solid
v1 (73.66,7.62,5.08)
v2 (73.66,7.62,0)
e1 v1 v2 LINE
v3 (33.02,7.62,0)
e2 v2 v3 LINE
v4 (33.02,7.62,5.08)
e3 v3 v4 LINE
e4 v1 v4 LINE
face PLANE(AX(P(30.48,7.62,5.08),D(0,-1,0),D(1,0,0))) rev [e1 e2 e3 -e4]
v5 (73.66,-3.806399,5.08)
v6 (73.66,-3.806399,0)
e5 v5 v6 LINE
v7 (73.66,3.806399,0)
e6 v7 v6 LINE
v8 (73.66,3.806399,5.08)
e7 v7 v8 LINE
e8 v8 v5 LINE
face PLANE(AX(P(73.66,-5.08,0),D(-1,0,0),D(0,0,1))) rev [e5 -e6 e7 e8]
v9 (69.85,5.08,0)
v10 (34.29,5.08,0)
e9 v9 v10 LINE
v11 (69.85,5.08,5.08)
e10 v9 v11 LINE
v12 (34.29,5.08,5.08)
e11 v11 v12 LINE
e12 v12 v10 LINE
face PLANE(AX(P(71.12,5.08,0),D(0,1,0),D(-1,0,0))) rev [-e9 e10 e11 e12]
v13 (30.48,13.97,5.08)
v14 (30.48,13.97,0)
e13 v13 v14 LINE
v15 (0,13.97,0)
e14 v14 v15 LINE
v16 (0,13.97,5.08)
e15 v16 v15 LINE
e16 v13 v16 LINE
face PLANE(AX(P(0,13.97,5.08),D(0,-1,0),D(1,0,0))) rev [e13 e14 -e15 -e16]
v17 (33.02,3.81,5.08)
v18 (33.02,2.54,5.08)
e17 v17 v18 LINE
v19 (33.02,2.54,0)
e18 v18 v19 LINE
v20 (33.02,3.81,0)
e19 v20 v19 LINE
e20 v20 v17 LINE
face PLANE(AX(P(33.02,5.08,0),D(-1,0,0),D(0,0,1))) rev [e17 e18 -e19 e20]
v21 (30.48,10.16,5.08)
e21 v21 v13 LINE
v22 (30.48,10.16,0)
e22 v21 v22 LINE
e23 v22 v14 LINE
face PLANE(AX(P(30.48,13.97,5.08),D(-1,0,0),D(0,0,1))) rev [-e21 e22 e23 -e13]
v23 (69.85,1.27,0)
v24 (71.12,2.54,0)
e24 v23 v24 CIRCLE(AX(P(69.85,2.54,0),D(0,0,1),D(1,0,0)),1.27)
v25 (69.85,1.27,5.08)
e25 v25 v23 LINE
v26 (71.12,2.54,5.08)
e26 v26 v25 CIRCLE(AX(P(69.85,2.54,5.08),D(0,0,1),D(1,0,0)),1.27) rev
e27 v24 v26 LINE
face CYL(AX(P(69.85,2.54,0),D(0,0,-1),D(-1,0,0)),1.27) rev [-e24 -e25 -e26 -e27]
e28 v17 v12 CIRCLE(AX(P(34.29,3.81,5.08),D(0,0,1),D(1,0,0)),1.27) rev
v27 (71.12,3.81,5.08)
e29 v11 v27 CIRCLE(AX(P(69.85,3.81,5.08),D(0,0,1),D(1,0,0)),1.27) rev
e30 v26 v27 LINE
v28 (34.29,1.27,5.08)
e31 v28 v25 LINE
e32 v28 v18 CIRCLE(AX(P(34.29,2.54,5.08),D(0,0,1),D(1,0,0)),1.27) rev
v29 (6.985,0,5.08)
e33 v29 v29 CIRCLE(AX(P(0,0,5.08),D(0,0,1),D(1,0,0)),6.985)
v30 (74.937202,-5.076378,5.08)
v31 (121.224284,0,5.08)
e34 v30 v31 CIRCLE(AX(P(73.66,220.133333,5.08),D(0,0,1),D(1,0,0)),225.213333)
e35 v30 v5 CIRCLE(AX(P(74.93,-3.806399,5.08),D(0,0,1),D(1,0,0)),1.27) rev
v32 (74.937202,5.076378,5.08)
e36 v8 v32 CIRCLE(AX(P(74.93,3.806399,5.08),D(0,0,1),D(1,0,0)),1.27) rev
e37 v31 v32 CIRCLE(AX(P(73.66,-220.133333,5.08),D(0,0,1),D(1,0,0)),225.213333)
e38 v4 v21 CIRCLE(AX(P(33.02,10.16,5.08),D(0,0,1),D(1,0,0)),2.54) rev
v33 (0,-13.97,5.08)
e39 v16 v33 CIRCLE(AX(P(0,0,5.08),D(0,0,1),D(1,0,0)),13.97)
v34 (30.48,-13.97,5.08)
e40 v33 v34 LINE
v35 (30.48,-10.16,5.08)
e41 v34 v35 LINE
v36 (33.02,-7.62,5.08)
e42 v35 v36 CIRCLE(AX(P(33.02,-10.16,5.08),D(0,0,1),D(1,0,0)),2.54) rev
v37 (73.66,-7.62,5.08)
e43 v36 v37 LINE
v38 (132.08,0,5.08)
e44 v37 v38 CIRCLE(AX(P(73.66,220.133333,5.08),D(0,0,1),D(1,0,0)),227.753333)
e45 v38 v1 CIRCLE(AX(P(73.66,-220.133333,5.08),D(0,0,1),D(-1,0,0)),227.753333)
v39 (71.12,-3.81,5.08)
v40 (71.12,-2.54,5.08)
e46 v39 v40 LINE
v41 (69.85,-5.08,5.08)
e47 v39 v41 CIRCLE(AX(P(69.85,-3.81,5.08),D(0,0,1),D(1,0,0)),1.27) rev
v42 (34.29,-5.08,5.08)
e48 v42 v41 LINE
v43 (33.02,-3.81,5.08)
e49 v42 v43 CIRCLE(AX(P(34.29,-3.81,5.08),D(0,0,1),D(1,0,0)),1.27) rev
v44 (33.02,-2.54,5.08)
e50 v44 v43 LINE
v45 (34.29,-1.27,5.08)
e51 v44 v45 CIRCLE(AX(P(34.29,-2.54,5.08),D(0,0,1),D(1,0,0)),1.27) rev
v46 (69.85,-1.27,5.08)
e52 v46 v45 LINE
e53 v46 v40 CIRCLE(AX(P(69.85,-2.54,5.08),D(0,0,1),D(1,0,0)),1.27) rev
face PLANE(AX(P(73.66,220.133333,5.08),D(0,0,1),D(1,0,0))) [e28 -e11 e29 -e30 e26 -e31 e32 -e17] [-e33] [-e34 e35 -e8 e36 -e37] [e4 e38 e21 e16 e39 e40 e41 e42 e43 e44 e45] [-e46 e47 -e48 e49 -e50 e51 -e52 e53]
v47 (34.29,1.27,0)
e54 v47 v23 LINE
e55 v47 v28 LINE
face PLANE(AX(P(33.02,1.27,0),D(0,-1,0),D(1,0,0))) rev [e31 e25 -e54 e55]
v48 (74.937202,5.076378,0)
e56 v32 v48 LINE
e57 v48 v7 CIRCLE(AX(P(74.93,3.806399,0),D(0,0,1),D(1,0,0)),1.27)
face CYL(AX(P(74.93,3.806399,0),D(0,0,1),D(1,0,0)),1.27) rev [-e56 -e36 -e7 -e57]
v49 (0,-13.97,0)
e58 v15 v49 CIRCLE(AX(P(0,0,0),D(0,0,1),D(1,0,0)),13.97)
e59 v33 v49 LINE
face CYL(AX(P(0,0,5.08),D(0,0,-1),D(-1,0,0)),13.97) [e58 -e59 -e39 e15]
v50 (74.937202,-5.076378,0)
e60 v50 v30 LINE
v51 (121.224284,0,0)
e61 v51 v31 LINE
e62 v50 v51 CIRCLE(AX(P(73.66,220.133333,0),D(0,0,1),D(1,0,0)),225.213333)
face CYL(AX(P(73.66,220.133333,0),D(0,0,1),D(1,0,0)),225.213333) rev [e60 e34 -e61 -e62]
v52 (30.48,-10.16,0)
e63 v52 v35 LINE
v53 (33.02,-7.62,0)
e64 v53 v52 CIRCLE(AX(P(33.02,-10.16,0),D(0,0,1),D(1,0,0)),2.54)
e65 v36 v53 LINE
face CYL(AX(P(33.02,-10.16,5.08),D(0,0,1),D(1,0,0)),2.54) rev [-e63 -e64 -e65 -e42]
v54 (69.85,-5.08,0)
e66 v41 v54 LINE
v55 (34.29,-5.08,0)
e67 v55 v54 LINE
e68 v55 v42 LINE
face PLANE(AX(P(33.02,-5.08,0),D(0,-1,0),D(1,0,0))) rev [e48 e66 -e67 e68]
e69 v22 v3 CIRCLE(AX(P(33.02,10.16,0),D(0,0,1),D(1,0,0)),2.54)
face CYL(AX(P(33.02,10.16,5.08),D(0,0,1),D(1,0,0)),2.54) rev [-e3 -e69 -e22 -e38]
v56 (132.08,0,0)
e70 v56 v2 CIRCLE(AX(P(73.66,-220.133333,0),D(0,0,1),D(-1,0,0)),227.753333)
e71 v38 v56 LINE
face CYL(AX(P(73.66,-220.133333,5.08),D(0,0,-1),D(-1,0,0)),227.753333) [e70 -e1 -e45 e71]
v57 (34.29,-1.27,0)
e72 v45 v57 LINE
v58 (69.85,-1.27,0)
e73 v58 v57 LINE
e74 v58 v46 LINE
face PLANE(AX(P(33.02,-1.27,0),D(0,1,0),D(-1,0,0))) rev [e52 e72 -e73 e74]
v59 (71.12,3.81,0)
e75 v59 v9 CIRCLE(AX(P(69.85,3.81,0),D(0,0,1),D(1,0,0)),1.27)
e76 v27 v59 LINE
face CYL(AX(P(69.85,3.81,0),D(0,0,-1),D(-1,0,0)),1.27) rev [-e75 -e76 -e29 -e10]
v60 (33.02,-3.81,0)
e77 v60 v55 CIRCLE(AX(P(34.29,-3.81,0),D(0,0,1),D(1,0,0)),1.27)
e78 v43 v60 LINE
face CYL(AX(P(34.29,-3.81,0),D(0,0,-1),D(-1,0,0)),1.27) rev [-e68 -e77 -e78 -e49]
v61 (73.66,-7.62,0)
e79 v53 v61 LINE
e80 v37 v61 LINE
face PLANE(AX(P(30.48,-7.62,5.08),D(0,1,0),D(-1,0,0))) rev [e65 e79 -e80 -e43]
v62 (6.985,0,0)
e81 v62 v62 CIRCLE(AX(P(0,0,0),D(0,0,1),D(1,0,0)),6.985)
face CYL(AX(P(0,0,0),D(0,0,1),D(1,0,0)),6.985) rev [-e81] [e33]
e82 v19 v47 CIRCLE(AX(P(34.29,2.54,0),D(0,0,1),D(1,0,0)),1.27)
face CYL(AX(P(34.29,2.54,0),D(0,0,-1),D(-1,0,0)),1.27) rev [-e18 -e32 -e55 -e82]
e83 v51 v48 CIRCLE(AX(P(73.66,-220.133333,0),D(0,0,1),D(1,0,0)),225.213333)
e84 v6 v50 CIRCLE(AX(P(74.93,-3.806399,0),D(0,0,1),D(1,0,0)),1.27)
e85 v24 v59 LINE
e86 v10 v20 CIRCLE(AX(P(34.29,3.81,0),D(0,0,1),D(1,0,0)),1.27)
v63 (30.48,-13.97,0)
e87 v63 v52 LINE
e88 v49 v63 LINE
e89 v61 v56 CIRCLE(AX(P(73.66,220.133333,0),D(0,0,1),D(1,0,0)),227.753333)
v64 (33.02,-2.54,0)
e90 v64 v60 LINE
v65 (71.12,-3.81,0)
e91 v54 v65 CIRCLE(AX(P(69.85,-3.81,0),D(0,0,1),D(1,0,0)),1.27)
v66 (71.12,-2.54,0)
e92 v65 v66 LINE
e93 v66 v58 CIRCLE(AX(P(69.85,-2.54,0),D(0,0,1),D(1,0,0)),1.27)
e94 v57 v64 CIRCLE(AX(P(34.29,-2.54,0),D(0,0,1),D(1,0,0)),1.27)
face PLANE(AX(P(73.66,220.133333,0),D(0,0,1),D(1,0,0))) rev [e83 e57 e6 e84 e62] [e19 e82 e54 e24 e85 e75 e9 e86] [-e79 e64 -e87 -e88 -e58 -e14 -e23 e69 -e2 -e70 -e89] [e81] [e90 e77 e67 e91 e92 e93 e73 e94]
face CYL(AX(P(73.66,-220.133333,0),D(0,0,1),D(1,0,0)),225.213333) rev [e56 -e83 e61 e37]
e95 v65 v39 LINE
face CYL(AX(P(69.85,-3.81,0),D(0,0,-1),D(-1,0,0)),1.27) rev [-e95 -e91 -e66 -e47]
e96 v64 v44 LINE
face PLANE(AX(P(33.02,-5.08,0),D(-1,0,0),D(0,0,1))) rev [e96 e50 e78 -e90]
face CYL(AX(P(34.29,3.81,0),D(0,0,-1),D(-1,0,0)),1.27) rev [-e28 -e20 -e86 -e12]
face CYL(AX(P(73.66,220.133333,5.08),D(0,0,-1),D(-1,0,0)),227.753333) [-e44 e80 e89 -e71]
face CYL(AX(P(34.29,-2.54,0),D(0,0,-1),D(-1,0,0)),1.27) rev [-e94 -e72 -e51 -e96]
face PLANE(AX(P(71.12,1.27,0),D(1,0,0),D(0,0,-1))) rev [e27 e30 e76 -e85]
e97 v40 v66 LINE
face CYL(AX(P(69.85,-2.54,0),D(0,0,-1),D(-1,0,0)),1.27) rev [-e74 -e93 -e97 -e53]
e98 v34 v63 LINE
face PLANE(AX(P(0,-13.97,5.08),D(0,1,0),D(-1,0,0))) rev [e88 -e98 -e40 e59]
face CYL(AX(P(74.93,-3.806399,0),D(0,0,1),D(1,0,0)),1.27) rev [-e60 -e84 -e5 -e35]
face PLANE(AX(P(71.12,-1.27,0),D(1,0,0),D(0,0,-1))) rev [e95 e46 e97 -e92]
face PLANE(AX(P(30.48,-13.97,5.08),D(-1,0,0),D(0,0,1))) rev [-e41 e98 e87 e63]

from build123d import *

# Parameters (mm, degrees)
BOSS_EXTRUDE1_DEPTH = 5.08
SKETCH2_R           = 6.985
CUT_EXTRUDE1_DEPTH  = 133.913858194
FILLET1_R           = 2.54
SKETCH3_W           = 38.1
SKETCH3_H           = 3.81
CUT_EXTRUDE2_DEPTH  = 133.913858194
FILLET2_R           = 1.27


with BuildPart() as part:
    # Sketch1 → Boss-Extrude1 (new body)
    with BuildSketch(Plane.XY):
        with BuildLine():
            Line((0, 13.97), (30.48, 13.97))
            Line((30.48, 13.97), (30.48, 7.62))
            Line((30.48, 7.62), (73.66, 7.62))
            ThreePointArc((73.66, 7.62), (103.117430302, 5.706965649), (132.08, 0))
            ThreePointArc((132.08, 0), (103.117430302, -5.706965649), (73.66, -7.62))
            Line((73.66, -7.62), (30.48, -7.62))
            Line((30.48, -7.62), (30.48, -13.97))
            Line((30.48, -13.97), (0, -13.97))
            ThreePointArc((0, -13.97), (-13.97, 0), (0, 13.97))
        make_face()
    extrude(amount=BOSS_EXTRUDE1_DEPTH)

    # Sketch2 → Cut-Extrude1 (cut, through all)
    with BuildSketch(Plane.XY.offset(5.08)):
        Circle(SKETCH2_R)
    extrude(amount=-CUT_EXTRUDE1_DEPTH, mode=Mode.SUBTRACT)

    # Fillet1
    fillet1_edges = [part.edges().sort_by_distance(p)[0] for p in [
        (30.48, -7.62, 2.54),
        (30.48, 7.62, 2.54),
    ]]
    fillet(fillet1_edges, radius=FILLET1_R)

    # Sketch3 → Cut-Extrude2 (cut, through all)
    with BuildSketch(Plane.XY.offset(5.08)):
        with Locations((52.07, -3.175)):
            Rectangle(SKETCH3_W, SKETCH3_H)
        with Locations((52.07, 3.175)):
            Rectangle(SKETCH3_W, SKETCH3_H)
        with BuildLine():
            Line((73.66, -5.08), (73.66, 5.08))
            ThreePointArc((73.66, 5.08), (97.577396737, 3.806398837), (121.224283519, 0))
            ThreePointArc((121.224283519, 0), (97.577396737, -3.806398837), (73.66, -5.08))
        make_face()
    extrude(amount=-CUT_EXTRUDE2_DEPTH, mode=Mode.SUBTRACT)

    # Fillet2
    fillet2_edges = [part.edges().sort_by_distance(p)[0] for p in [
        (73.66, -5.08, 2.54),
        (73.66, 5.08, 2.54),
        (71.12, 1.27, 2.54),
        (33.02, 1.27, 2.54),
        (33.02, 5.08, 2.54),
        (71.12, 5.08, 2.54),
        (71.12, -1.27, 2.54),
        (71.12, -5.08, 2.54),
        (33.02, -5.08, 2.54),
        (33.02, -1.27, 2.54),
    ]]
    fillet(fillet2_edges, radius=FILLET2_R)


solid = part.part
